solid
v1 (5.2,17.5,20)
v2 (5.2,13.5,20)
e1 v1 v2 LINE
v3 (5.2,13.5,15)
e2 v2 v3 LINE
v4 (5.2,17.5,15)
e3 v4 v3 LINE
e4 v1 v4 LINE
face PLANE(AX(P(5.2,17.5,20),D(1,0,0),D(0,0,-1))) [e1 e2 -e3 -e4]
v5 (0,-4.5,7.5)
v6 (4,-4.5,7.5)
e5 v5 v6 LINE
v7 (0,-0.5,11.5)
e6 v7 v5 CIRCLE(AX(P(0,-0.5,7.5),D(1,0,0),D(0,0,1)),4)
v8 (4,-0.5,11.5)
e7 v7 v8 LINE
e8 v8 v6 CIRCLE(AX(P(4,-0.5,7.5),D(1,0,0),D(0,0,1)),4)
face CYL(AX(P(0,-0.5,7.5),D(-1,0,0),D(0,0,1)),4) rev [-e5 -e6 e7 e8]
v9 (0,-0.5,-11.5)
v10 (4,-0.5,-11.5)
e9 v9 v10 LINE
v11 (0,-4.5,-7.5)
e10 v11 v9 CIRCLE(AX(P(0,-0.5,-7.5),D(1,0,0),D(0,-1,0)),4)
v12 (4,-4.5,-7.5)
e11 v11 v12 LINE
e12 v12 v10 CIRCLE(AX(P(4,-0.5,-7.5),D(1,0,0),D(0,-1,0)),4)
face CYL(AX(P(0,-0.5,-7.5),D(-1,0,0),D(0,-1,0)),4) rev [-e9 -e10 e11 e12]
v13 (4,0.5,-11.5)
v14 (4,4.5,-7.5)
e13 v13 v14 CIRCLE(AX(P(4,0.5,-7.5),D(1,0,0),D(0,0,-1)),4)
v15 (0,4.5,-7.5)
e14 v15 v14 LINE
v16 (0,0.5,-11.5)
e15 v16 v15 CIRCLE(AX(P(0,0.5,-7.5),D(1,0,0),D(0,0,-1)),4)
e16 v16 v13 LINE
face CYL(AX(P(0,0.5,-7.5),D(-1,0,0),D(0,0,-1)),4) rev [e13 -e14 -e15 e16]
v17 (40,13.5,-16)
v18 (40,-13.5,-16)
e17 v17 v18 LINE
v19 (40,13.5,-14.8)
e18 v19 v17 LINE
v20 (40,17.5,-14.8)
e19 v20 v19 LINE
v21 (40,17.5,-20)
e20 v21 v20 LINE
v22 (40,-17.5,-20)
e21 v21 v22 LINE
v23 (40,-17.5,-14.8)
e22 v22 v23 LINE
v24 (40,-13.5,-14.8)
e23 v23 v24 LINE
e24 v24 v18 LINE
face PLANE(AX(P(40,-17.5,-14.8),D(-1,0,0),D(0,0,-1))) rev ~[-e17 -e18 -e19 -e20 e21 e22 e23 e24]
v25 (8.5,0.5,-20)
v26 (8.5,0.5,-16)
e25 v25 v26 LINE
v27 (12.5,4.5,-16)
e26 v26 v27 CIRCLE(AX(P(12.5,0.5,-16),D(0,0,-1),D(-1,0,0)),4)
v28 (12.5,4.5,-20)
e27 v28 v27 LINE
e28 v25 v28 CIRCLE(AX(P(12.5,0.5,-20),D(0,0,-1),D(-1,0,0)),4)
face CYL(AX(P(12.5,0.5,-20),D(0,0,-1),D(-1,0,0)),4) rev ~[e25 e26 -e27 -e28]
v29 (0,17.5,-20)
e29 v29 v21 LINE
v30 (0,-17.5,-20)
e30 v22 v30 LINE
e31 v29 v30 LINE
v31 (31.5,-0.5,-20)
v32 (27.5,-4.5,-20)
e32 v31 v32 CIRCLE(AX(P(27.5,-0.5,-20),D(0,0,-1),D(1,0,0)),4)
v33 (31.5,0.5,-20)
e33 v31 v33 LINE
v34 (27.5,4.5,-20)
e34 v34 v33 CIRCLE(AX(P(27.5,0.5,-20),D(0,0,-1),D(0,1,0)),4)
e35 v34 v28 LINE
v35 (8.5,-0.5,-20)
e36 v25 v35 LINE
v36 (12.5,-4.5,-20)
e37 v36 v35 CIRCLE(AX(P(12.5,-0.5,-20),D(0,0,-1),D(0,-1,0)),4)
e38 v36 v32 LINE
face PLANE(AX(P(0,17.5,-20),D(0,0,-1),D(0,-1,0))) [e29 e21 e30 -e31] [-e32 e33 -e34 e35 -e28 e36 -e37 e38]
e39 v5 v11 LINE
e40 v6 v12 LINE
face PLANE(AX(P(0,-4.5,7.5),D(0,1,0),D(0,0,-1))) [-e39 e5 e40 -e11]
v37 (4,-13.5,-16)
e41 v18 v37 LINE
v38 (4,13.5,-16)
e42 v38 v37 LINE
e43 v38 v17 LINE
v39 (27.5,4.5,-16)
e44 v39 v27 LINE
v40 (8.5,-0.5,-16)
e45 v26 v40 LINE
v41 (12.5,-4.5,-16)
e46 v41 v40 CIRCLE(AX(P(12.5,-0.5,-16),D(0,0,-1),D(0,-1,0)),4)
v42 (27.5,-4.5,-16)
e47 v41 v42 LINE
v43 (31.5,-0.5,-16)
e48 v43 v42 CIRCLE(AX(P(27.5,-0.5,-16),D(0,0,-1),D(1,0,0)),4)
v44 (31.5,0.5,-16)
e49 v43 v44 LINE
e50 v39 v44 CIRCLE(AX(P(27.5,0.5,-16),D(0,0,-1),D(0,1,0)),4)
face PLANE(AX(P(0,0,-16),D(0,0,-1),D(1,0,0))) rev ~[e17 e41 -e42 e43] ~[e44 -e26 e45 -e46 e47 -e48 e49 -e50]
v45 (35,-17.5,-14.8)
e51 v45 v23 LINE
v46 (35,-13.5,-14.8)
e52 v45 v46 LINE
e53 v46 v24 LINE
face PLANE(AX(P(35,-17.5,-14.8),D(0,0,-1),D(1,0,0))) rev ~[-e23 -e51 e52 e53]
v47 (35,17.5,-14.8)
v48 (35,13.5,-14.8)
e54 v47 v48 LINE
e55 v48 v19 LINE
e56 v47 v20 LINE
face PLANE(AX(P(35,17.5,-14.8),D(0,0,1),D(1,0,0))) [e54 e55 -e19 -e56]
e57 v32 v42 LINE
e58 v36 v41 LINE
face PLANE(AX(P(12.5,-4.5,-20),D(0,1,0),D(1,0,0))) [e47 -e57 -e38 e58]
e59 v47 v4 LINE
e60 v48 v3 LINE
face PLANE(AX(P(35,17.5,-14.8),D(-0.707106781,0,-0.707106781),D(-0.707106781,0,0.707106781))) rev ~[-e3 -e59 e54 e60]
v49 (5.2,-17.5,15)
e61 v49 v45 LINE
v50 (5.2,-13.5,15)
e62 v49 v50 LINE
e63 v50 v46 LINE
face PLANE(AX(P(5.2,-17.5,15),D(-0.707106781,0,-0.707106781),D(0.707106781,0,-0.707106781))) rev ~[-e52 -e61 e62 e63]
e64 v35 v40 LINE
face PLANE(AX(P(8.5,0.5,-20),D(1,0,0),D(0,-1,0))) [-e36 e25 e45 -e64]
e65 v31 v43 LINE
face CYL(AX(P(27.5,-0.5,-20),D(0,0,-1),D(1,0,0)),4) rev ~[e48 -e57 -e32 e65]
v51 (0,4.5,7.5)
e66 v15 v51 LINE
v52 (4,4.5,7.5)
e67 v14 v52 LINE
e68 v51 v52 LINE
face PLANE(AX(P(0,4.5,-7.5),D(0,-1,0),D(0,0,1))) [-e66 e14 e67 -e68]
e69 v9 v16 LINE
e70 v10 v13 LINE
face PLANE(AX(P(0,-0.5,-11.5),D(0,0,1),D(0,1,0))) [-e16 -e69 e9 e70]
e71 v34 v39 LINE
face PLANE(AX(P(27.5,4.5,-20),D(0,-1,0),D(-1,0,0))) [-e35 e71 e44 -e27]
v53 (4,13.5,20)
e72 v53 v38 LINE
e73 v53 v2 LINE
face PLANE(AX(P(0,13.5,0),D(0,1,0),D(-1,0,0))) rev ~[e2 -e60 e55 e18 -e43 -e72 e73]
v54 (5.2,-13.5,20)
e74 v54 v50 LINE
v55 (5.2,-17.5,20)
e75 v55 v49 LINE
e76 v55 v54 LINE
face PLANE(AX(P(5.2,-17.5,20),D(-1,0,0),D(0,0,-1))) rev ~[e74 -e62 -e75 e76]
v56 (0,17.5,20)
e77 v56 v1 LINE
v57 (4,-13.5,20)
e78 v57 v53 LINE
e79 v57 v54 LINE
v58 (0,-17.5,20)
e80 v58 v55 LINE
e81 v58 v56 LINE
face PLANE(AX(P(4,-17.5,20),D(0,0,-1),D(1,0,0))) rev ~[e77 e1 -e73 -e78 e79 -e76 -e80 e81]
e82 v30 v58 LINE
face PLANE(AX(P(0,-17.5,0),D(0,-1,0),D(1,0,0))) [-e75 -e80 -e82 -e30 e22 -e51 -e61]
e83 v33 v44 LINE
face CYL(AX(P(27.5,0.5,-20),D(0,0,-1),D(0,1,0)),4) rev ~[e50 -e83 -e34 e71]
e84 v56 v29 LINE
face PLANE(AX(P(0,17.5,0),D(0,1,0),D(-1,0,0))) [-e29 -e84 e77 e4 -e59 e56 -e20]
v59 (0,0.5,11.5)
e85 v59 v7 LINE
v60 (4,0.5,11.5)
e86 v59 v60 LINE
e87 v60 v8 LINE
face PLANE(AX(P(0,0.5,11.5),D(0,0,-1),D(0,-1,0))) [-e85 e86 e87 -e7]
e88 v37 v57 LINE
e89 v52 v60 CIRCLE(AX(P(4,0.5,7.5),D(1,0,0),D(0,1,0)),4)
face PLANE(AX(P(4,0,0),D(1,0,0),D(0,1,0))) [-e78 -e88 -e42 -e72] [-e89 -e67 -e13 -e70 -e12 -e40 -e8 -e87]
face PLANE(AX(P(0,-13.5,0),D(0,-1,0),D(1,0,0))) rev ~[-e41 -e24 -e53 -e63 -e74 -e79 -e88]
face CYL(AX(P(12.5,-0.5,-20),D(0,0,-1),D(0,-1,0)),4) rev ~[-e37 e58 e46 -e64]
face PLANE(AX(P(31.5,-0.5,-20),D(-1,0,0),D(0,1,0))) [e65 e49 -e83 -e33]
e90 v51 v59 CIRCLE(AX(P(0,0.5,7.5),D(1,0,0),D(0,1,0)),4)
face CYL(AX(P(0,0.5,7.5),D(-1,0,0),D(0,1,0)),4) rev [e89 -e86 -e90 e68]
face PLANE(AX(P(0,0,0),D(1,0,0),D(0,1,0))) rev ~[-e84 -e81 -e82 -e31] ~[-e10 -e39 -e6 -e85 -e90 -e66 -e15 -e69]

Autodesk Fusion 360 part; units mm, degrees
sketch "Sketch1" plane through (0, 0, 0) normal (1, 0, 0) x (0, 1, 0)
  line L0 (17.5, -20) -> (-17.5, -20)
  line L1 (-17.5, -20) -> (-17.5, 20)
  line L2 (-17.5, 20) -> (17.5, 20)
  line L3 (17.5, 20) -> (17.5, -20)
  line L4 (17.5, -20) -> (-17.5, 20) construction
  line L5 (-17.5, -20) -> (17.5, 20) construction
  line L6 (0.5, 11.5) -> (-0.5, 11.5)
  line L7 (-4.5, 7.5) -> (-4.5, -7.5)
  line L8 (-0.5, -11.5) -> (0.5, -11.5)
  line L9 (4.5, -7.5) -> (4.5, 7.5)
  line L10 (4.5, 11.5) -> (-4.5, -11.5) construction
  line L11 (-4.5, 11.5) -> (4.5, -11.5) construction
  arc A0 (-0.5, 11.5) -> (-4.5, 7.5) centre (-0.5, 7.5) ccw
  arc A1 (4.5, 7.5) -> (0.5, 11.5) centre (0.5, 7.5) ccw
  arc A2 (-4.5, -7.5) -> (-0.5, -11.5) centre (-0.5, -7.5) ccw
  arc A3 (0.5, -11.5) -> (4.5, -7.5) centre (0.5, -7.5) ccw
  dimension "d1" = 35
  dimension "d2" = 40
  dimension "d3" = 9
  dimension "d4" = 23
  dimension "d5" = 4
  dimension "d6" = 4
  dimension "d7" = 4
  dimension "d8" = 4
extrude "Extrude1" add sketch "Sketch1" along normal blind 4
sketch "Sketch2" plane through (0, 0, -20) normal (0, 0, -1) x (1, 0, 0)
  line L0 (0, 17.5) -> (0, -17.5)
  line L1 (0, -17.5) -> (4, -17.5)
  line L2 (4, -17.5) -> (4, 17.5)
  line L3 (4, 17.5) -> (0, 17.5)
  line L4 (4, -17.5) -> (40, -17.5)
  line L5 (40, -17.5) -> (40, 17.5)
  line L6 (40, 17.5) -> (4, 17.5)
  line L7 (4, -17.5) -> (4, 17.5)
  line L8 (12.5, 4.5) -> (27.5, 4.5)
  line L9 (31.5, 0.5) -> (31.5, -0.5)
  line L10 (27.5, -4.5) -> (12.5, -4.5)
  line L11 (8.5, -0.5) -> (8.5, 0.5)
  line L12 (8.5, 4.5) -> (31.5, -4.5) construction
  line L13 (31.5, 4.5) -> (8.5, -4.5) construction
  arc A0 (27.5, -4.5) -> (31.5, -0.5) centre (27.5, -0.5) ccw
  arc A1 (8.5, -0.5) -> (12.5, -4.5) centre (12.5, -0.5) ccw
  arc A2 (12.5, 4.5) -> (8.5, 0.5) centre (12.5, 0.5) ccw
  arc A3 (31.5, 0.5) -> (27.5, 4.5) centre (27.5, 0.5) ccw
  point P0 (20, -17.5)
  point P1 (20, 0)
  point P2 (20, 0)
  dimension "d11" = 40
  dimension "d13" = 17.5
  dimension "d14" = 20
  dimension "d15" = 23
  dimension "d16" = 9
  dimension "d17" = 4
  dimension "d18" = 4
  dimension "d19" = 4
  dimension "d20" = 4
extrude "Extrude2" add sketch "Sketch2" against normal blind 4 contours L2 L4 L5 L6 L7
sketch "Sketch3" plane through (0, 17.5, 0) normal (0, 1, 0) x (-1, 0, 0)
  line L0 (0, -20) -> (0, 20)
  line L1 (0, 20) -> (-4, 20)
  line L2 (-4, 20) -> (-4, -16)
  line L3 (-4, -16) -> (-40, -16)
  line L4 (-40, -16) -> (-40, -20)
  line L5 (-40, -20) -> (0, -20)
  line L6 (-4, 20) -> (-5.2, 20)
  line L7 (-5.2, -16) -> (-4, -16)
  line L8 (-4, -16) -> (-4, 20)
  line L9 (-40, -16) -> (-5.2, -16)
  line L10 (-5.2, -16) -> (-5.2, -14.8)
  line L11 (-35, -14.8) -> (-40, -14.8)
  line L12 (-40, -14.8) -> (-40, -16)
  line L13 (-35, -14.8) -> (-5.2, 15)
  line L14 (-35, -14.8) -> (6.8148, -14.8) construction
  line L15 (-5.2, 20) -> (-5.2, 15)
  line L16 (-5.2, -14.8) -> (-5.2, -16)
  dimension "d23" = 1.2
  dimension "d24" = 1.2
  dimension "d25" = 45
  dimension "d26" = 5
extrude "Extrude3" add sketch "Sketch3" against normal blind 4 contours L2 L3 L6 L7 L8 L9 L11 L12 L13 L15
sketch "Sketch4" plane through (0, -17.5, 0) normal (0, -1, 0) x (1, 0, 0)
  line L0 (0, 20) -> (0, -20)
  line L1 (0, -20) -> (40, -20)
  line L2 (40, -20) -> (40, -16)
  line L3 (40, -16) -> (4, -16)
  line L4 (4, -16) -> (4, 20)
  line L5 (4, 20) -> (0, 20)
  line L6 (4, 20) -> (5.2, 20)
  line L7 (5.2, 20) -> (5.2, 15)
  line L8 (5.2, 15) -> (35, -14.8)
  line L9 (35, -14.8) -> (40, -14.8)
  line L10 (40, -14.8) -> (40, -16)
  dimension "d29" = 1.2
extrude "Extrude4" add sketch "Sketch4" against normal blind 4 contours L3 L4 L6 L7 L8 L9 L10
